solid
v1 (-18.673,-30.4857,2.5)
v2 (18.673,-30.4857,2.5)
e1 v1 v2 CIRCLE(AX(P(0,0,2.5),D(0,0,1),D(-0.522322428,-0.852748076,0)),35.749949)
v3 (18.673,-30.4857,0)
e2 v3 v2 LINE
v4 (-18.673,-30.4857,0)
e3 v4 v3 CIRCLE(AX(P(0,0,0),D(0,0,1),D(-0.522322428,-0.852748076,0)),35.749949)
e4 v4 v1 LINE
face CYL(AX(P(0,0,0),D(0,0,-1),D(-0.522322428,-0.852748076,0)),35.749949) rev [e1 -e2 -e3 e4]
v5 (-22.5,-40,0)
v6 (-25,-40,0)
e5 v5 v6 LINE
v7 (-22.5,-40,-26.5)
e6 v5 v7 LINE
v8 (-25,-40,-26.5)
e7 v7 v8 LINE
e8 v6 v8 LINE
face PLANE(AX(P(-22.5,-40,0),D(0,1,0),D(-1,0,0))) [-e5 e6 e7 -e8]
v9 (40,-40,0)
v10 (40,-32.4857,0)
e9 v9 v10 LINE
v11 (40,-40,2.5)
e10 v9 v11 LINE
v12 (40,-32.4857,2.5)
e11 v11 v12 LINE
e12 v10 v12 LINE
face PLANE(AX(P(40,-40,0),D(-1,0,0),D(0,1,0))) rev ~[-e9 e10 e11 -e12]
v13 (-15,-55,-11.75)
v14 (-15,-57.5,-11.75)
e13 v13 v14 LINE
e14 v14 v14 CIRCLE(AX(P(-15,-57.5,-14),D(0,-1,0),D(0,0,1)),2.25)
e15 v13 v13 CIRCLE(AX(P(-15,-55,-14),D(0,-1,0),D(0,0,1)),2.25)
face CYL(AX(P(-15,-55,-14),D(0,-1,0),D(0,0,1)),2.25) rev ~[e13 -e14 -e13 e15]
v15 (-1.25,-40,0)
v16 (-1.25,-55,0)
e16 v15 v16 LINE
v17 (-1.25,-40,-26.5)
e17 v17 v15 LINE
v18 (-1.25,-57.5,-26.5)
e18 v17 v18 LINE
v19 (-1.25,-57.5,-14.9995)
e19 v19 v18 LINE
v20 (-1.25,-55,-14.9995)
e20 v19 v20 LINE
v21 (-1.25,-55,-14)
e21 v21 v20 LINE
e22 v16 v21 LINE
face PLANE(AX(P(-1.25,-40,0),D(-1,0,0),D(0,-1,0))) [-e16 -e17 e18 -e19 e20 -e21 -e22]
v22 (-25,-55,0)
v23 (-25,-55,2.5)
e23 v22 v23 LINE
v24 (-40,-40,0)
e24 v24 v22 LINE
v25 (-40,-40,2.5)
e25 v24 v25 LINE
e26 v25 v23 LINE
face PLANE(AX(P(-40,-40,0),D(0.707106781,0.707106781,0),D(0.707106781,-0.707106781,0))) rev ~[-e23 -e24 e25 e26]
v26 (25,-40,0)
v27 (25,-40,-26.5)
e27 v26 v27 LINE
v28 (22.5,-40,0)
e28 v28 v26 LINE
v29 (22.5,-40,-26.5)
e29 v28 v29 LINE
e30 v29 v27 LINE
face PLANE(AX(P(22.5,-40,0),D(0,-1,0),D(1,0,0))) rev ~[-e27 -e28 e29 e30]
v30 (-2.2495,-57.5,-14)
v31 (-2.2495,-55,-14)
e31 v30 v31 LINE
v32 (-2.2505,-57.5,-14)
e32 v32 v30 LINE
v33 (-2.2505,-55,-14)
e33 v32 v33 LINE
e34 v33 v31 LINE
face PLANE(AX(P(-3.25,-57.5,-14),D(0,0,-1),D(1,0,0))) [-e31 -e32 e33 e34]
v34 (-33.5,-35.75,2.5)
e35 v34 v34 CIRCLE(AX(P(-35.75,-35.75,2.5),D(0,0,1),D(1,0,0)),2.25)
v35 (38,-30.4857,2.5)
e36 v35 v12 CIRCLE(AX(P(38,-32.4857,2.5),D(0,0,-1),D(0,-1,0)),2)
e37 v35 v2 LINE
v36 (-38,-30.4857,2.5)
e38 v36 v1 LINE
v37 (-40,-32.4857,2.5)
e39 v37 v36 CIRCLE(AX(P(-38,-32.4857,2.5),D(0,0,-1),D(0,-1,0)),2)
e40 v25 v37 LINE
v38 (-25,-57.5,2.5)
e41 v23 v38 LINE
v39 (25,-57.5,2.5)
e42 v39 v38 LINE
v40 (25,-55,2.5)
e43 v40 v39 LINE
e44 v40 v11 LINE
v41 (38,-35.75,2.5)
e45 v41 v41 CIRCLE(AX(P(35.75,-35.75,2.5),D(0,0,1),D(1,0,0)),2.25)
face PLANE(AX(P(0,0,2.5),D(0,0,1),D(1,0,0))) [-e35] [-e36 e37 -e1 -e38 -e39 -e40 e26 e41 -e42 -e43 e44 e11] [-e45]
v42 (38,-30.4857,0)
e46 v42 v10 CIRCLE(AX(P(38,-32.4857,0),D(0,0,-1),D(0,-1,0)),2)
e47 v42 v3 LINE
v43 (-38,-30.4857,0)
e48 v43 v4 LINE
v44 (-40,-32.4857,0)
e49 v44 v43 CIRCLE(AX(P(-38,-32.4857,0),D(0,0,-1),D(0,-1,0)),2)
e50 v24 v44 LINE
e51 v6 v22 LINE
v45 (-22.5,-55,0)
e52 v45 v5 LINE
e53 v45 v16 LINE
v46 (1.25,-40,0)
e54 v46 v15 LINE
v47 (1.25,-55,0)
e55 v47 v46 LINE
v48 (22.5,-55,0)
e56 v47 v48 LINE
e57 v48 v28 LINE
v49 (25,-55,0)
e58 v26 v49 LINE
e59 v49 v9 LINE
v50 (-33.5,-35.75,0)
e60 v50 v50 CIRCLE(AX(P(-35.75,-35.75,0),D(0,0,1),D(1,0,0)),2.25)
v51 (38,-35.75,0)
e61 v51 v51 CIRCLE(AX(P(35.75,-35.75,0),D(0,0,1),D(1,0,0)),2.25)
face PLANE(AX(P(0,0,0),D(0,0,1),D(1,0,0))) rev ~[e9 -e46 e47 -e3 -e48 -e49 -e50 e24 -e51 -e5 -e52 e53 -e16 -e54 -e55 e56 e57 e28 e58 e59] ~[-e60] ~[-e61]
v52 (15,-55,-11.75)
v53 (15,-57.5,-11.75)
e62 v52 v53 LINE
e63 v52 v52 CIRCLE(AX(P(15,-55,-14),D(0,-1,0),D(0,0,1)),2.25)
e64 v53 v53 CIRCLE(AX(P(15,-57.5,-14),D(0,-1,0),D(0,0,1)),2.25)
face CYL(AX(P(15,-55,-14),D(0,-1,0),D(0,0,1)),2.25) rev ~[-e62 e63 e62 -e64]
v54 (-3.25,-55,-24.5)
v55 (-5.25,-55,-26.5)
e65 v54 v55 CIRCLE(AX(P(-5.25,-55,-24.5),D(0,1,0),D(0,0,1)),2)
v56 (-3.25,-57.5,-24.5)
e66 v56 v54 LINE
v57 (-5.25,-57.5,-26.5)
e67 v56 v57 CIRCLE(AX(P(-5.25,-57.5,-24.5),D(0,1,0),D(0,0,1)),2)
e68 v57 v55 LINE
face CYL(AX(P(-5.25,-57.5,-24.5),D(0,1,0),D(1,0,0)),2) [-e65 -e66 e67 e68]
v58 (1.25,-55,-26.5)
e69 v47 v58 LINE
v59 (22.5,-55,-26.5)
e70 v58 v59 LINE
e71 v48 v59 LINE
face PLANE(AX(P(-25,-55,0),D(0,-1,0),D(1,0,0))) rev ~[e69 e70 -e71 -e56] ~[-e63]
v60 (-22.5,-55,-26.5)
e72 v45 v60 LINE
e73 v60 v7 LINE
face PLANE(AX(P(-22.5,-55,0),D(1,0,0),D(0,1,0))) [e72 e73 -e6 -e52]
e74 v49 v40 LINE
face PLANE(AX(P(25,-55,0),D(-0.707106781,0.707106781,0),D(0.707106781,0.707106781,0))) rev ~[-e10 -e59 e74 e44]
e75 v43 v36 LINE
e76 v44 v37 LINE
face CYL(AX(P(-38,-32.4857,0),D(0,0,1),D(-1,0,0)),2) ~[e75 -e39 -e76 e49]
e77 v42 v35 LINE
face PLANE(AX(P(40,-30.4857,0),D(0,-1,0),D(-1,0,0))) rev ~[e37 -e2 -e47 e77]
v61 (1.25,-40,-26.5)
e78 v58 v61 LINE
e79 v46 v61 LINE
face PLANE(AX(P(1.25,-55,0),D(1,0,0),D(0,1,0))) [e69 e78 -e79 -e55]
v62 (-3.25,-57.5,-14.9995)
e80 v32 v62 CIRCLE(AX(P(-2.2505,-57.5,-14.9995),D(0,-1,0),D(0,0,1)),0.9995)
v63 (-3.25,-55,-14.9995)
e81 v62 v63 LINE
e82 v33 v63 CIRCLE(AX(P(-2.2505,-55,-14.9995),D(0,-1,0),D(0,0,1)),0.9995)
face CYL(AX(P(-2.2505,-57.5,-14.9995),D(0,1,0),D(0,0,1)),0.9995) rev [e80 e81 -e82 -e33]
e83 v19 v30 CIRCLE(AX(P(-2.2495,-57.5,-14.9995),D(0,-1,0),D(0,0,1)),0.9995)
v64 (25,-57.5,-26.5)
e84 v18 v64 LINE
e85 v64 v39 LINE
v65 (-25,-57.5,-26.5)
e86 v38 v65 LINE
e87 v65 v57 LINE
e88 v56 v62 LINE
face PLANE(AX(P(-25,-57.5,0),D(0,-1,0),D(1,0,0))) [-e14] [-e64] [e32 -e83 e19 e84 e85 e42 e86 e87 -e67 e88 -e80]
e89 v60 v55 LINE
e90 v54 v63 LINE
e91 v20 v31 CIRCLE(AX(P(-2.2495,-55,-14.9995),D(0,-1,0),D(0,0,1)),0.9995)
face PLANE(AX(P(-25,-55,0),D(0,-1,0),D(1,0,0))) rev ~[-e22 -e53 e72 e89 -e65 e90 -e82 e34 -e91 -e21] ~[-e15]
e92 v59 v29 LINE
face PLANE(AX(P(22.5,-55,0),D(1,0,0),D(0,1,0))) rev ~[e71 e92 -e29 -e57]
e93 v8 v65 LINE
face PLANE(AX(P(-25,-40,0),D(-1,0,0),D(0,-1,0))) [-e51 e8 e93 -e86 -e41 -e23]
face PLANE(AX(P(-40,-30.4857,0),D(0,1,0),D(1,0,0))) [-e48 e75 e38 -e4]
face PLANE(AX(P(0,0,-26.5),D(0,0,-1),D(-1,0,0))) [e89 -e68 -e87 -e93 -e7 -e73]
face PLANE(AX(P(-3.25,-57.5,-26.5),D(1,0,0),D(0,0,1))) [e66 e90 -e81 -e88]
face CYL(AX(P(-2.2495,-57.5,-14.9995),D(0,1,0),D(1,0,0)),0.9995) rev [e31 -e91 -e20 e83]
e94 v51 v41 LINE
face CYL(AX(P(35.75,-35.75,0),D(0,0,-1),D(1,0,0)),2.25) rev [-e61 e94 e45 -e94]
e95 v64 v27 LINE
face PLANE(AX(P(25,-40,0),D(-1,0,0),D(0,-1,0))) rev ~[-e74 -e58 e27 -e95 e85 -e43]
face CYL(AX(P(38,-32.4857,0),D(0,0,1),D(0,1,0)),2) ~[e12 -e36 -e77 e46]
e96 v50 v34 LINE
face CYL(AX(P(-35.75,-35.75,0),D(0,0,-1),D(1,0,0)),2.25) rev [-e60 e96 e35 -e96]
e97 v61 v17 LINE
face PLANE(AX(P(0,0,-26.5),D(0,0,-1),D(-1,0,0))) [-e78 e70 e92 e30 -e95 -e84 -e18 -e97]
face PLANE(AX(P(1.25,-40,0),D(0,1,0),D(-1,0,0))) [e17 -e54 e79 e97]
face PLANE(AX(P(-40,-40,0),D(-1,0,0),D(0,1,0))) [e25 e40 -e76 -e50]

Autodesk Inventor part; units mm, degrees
ref_plane "YZ Plane" through (0, 0, 0) normal (1, 0, 0) x (0, 1, 0)
ref_plane "XZ Plane" through (0, 0, 0) normal (0, 1, 0) x (-1, 0, 0)
ref_plane "XY Plane" through (0, 0, 0) normal (0, 0, 1) x (1, 0, 0)
sketch "Sketch1" plane through (0, 0, 0) normal (0, 0, 1) x (1, 0, 0)
  line L0 (-40, -40) -> (-40, 40) construction
  line L1 (40, -40) -> (-40, -40) construction
  line L2 (40, 40) -> (40, -40) construction
  circle A0 centre (35.75, -35.75) radius 2.25 construction
  circle A1 centre (-35.75, -35.75) radius 2.25 construction
  circle A2 centre (0, 0) radius 35.75 construction
  line L3 (-40, -40) -> (-25, -55)
  line L4 (-40, -40) -> (-18.7868, -40) construction
  line L5 (-25, -55) -> (25, -55)
  line L6 (25, -55) -> (40, -40)
  line L7 (-40, -40) -> (-40, -30.4857)
  line L8 (40, -40) -> (40, -30.4857)
  circle A3 centre (0, 0) radius 38.75 construction
  circle A4 centre (35.75, -35.75) radius 2.25
  circle A5 centre (-35.75, -35.75) radius 2.25
  line L9 (-40, -30.4857) -> (-18.673, -30.4857)
  line L10 (40, -30.4857) -> (18.673, -30.4857)
  arc A6 (-18.673, -30.4857) -> (18.673, -30.4857) centre (0, 0) ccw
extrude "Extrusion3" add sketch "Sketch1" along normal blind 2.5
sketch "Sketch5" plane through (-25, -55, 0) normal (0, -1, 0) x (1, 0, 0)
  line L0 (50, 2.5) -> (0, 2.5)
  line L1 (0, 2.5) -> (0, -26.5)
  line L2 (0, -26.5) -> (50, -26.5)
  line L3 (50, -26.5) -> (50, 2.5)
  point P0 (25, 0)
  dimension "d22" = 29
extrude "Extrusion5" add sketch "Sketch5" along normal blind 2.5
sketch "Sketch6" plane through (-25, -55, 0) normal (0, 1, 0) x (1, 0, 0)
  line L0 (40, 14) -> (10, 14)
  point P0 (25, 0)
  point P1 (25, 0)
  point P2 (25, 14)
  dimension "d25" = 30
  dimension "d52" = 14
hole "Hole2" at (15, -55, -14) at (-15, -55, -14) direction (0, -1, 0) diameter 4.5 end through all
fillet "Fillet2" radius 2 2 edges at (40, -30.4857, 1.25) (-40, -30.4857, 1.25)
sketch "Sketch8" plane through (0, 0, 0) normal (0, 0, -1) x (-1, 0, 0)
  line L0 (-40, -40) -> (40, -40) construction
  line L1 (-40, 40) -> (-40, -40) construction
  line L2 (40, 40) -> (-40, 40) construction
  line L3 (40, -40) -> (40, 40) construction
  circle A0 centre (35.75, -35.75) radius 2.25 construction
  circle A1 centre (35.75, 35.75) radius 2.25 construction
  circle A2 centre (-35.75, 35.75) radius 2.25 construction
  circle A3 centre (-35.75, -35.75) radius 2.25 construction
  circle A4 centre (0, 0) radius 38.75 construction
  line L4 (-25, -55) -> (-22.5, -55)
  line L5 (-22.5, -55) -> (-22.5, -40)
  line L6 (-22.5, -40) -> (-25, -40)
  line L7 (-25, -40) -> (-25, -55)
  line L8 (25, -55) -> (22.5, -55)
  line L9 (22.5, -55) -> (22.5, -40)
  line L10 (22.5, -40) -> (25, -40)
  line L11 (25, -40) -> (25, -55)
  line L12 (25, -55) -> (-25, -55) projected
  line L13 (1.25, -55) -> (-1.25, -55)
  line L14 (-1.25, -55) -> (-1.25, -40)
  line L15 (-1.25, -40) -> (1.25, -40)
  line L16 (1.25, -40) -> (1.25, -55)
  point P0 (0, -40)
  dimension "d39" = 2.5
  dimension "d40" = 2.5
  dimension "d41" = 2.5
extrude "Extrusion7" add sketch "Sketch8" along normal up to surface (26.5 mm away)
sketch "Sketch9" plane through (-25, -57.5, 0) normal (0, -1, 0) x (1, 0, 0)
  line L0 (23.75, 0) -> (23.75, -26.5) construction
  line L1 (23.75, 0) -> (23.75, -26.5) construction
  circle A0 centre (40, -14) radius 2.25 construction
  circle A1 centre (10, -14) radius 2.25 construction
  line L2 (40, -14) -> (10, -14) construction
  line L3 (23.75, -26.5) -> (21.75, -26.5)
  line L4 (21.75, -26.5) -> (21.75, -14)
  line L5 (21.75, -14) -> (23.75, -14)
  line L6 (23.75, -14) -> (23.75, -26.5)
  point P0 (25, 0)
  dimension "d45" = 2
extrude "Extrusion8" cut sketch "Sketch9" against normal through all
fillet "Fillet3" radius 1 2 edges at (-1.25, -56.25, -14) (-3.25, -56.25, -14)
fillet "Fillet4" radius 2 1 edges at (-3.25, -56.25, -26.5)
equation "\"d23\" = ep"
equation "\"d39\" = ep"
equation "\"d40\" = ep"
equation "\"d41\" = ep"
equation "\"d42\" = ep"
equation "\"d46\" = ep"
equation "\"d44\" = A1"
equation "\"ep\" = 2.5"
equation "\"A1\" = 45deg"
properties part number "support"
